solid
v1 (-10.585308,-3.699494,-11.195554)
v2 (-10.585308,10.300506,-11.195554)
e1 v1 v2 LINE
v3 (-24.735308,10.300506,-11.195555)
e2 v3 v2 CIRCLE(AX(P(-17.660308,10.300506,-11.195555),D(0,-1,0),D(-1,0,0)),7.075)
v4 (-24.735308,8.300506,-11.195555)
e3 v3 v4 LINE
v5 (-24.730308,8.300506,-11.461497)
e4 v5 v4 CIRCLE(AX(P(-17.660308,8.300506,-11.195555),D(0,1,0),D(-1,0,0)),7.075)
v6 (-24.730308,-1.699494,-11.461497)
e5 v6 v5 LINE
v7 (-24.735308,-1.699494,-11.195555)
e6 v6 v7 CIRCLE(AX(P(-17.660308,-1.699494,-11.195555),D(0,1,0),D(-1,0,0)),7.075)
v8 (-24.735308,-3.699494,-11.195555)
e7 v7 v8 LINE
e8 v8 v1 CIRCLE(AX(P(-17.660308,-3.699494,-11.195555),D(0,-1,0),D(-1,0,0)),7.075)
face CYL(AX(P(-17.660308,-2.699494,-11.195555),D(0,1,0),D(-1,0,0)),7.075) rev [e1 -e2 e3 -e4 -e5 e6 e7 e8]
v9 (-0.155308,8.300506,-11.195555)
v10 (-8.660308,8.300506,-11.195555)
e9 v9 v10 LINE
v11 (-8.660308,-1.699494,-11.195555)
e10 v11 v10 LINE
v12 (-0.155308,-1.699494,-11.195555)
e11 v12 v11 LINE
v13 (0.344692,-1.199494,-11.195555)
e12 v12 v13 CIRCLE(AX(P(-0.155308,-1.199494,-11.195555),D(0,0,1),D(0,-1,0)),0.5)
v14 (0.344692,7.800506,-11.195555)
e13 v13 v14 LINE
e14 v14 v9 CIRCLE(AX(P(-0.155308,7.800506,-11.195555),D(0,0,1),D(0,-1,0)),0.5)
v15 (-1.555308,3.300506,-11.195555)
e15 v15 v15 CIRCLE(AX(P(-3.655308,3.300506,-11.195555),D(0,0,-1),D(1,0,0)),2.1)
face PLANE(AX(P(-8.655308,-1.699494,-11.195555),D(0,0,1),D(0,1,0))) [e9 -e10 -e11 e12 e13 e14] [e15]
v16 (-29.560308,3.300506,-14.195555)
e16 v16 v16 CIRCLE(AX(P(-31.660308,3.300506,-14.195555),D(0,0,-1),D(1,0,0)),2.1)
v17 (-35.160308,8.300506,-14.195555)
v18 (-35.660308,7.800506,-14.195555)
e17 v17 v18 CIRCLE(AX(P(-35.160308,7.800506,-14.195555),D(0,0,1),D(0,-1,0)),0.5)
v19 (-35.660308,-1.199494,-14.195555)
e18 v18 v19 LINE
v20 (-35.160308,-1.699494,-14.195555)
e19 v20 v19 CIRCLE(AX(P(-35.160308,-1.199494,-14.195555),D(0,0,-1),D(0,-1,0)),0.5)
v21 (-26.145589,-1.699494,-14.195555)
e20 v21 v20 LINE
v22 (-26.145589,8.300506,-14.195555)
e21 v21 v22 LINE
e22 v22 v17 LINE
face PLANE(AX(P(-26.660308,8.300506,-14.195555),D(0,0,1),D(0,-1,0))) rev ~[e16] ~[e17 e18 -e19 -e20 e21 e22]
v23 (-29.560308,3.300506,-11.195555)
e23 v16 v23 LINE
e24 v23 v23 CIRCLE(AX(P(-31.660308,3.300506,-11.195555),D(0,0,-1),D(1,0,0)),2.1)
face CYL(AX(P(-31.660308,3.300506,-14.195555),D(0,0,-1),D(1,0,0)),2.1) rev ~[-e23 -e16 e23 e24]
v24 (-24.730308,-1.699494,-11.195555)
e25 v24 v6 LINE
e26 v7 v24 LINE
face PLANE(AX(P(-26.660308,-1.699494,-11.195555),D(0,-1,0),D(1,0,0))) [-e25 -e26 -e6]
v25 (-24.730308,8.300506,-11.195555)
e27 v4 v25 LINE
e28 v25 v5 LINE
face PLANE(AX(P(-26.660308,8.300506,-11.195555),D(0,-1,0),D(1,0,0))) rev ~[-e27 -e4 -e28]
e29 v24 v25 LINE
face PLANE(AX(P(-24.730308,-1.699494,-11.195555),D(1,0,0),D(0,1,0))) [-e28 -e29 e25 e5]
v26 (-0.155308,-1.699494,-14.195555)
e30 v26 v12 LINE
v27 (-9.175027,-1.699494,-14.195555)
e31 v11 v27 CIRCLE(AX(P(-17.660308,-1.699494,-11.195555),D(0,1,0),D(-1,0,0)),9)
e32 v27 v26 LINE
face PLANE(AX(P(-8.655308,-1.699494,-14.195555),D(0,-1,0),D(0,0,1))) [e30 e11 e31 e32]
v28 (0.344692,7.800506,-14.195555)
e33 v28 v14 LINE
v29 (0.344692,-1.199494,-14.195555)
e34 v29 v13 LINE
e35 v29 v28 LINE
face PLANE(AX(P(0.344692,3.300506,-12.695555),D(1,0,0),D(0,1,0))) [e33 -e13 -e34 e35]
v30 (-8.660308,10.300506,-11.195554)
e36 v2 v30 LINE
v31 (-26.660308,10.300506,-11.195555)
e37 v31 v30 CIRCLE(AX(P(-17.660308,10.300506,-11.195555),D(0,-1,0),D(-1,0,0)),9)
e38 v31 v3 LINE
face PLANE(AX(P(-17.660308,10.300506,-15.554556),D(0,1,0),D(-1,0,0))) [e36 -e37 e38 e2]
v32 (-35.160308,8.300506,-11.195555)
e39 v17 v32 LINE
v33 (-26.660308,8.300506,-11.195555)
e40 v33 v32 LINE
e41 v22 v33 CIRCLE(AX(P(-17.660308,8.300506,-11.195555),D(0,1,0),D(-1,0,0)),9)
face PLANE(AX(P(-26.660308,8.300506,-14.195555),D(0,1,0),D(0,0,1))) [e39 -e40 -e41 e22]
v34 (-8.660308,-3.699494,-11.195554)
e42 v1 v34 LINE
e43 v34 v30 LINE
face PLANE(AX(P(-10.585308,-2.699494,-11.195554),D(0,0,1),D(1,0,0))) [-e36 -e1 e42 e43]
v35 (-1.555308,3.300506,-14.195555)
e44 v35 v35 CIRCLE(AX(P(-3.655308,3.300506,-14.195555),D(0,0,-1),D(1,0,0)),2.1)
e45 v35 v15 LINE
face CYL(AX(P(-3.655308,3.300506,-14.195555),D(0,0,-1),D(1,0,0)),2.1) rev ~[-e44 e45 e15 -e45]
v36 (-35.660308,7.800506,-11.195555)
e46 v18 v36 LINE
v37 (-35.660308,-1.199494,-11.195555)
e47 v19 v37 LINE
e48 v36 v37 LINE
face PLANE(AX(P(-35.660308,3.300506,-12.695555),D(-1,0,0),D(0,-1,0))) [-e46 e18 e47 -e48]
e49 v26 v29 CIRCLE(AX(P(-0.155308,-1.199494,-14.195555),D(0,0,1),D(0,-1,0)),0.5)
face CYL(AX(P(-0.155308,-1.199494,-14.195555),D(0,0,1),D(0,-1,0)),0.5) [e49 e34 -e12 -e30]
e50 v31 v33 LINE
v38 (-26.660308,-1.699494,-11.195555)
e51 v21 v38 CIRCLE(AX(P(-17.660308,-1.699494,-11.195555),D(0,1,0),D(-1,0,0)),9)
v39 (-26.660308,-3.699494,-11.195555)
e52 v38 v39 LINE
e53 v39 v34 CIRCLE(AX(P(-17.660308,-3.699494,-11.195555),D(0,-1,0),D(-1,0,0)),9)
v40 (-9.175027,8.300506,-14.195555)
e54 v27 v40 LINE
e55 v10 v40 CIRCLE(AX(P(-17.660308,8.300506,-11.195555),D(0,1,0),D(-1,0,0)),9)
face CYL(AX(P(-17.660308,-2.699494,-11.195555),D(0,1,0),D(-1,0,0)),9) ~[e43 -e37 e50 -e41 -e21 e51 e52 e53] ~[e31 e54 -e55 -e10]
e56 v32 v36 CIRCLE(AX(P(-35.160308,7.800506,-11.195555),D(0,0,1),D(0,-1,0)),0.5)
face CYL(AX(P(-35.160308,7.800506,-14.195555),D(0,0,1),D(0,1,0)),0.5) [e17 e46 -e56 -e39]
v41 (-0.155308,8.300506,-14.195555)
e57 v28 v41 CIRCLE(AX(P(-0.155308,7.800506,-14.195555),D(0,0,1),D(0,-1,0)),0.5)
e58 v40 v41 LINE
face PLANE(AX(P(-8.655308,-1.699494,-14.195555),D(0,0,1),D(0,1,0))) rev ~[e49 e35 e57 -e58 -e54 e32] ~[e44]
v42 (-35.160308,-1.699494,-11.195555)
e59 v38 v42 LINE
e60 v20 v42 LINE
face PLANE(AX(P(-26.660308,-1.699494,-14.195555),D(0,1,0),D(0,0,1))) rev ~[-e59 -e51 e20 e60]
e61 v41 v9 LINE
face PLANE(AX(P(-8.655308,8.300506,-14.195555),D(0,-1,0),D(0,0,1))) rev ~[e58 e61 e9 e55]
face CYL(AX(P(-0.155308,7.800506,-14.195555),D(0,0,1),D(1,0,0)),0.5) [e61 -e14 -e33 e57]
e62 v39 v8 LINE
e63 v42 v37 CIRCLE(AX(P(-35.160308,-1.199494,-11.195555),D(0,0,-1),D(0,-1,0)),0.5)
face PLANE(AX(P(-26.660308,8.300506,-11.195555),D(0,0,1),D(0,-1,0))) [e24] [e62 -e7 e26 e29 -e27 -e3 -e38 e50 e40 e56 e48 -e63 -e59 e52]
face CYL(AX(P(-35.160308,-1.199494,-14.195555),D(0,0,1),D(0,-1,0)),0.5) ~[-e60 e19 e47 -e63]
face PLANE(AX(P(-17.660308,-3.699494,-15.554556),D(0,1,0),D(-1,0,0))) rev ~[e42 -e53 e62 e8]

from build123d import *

# Parameters (mm, degrees)
PAD037_DEPTH      = 13
PAD037_DEPTH_BACK = 1
SKETCH058_W       = 1.93
SKETCH058_H       = 10
PAD038_DEPTH      = 3
SKETCH059_W       = 10
SKETCH059_H       = 3
PAD039_DEPTH      = 9
SKETCH060_W       = 10
SKETCH060_H       = 3
PAD040_DEPTH      = 9
SKETCH070_R       = 2.1
HOLE_DEPTH        = 3.001
FILLET014_R       = 0.5


with BuildPart() as part:
    # Sketch057 (on Face1 of CopyPad023) → Pad037 (new body, two sides)
    with BuildSketch(Plane(origin=(0, -35.363644, -2), x_dir=(1, 0, 0), z_dir=(0, -1, 0))) as pad037_sk:
        with BuildLine():
            ThreePointArc((-25.035308, -10.895555), (-17.960308, -17.970555), (-10.885308, -10.895554))
            Line((-10.885308, -10.895554), (-8.960308, -10.895554))
            ThreePointArc((-26.960308, -10.895555), (-17.960308, -19.895555), (-8.960308, -10.895554))
            Line((-26.960308, -10.895555), (-25.035308, -10.895555))
        make_face()
    extrude(amount=-PAD037_DEPTH)
    extrude(pad037_sk.sketch, amount=PAD037_DEPTH_BACK)

    # Sketch058 (on Face1 of Pad037) → Pad038 (join)
    with BuildSketch(Plane.XY.offset(-12.895555)):
        with Locations((-25.995308, -29.363644)):
            Rectangle(SKETCH058_W, SKETCH058_H)
        with Locations((-9.920308, -29.363644)):
            Rectangle(SKETCH058_W, SKETCH058_H)
    extrude(amount=-PAD038_DEPTH)

    # Sketch059 (on Face12 of Pad038) → Pad039 (join)
    with BuildSketch(Plane(origin=(-26.960308, 0, -2), x_dir=(0, -1, 0), z_dir=(-1, 0, 0))):
        with Locations((29.363644, -12.395555)):
            Rectangle(SKETCH059_W, SKETCH059_H)
    extrude(amount=PAD039_DEPTH)

    # Sketch060 (on Face13 of Pad039) → Pad040 (join)
    with BuildSketch(Plane(origin=(-8.955308, 0, -2), x_dir=(0, 1, 0), z_dir=(1, 0, 0))):
        with Locations((-29.363644, -12.395555)):
            Rectangle(SKETCH060_W, SKETCH060_H)
    extrude(amount=PAD040_DEPTH)

    # Sketch070 (on Face15 of Pad040) → Hole (cut, through all)
    with BuildSketch(Plane(origin=(0, 0, -15.895555), x_dir=(1, 0, 0), z_dir=(0, 0, -1))):
        with Locations((-31.960308, 29.363644)):
            Circle(SKETCH070_R)
        with Locations((-3.955308, 29.363644)):
            Circle(SKETCH070_R)
    extrude(amount=-HOLE_DEPTH, mode=Mode.SUBTRACT)

    # Fillet014
    fillet014_edges = [part.edges().sort_by_distance(p)[0] for p in [
        (-35.960308, -24.363644, -14.395555),
        (-35.960308, -34.363644, -14.395555),
        (0.044692, -24.363644, -14.395555),
        (0.044692, -34.363644, -14.395555),
    ]]
    fillet(fillet014_edges, radius=FILLET014_R)


with BuildPart() as part_1:
    # Body007 placement: moved
    add(part.part.moved(Location((0.3, 32.66415, 1.7))))


solid = part_1.part
